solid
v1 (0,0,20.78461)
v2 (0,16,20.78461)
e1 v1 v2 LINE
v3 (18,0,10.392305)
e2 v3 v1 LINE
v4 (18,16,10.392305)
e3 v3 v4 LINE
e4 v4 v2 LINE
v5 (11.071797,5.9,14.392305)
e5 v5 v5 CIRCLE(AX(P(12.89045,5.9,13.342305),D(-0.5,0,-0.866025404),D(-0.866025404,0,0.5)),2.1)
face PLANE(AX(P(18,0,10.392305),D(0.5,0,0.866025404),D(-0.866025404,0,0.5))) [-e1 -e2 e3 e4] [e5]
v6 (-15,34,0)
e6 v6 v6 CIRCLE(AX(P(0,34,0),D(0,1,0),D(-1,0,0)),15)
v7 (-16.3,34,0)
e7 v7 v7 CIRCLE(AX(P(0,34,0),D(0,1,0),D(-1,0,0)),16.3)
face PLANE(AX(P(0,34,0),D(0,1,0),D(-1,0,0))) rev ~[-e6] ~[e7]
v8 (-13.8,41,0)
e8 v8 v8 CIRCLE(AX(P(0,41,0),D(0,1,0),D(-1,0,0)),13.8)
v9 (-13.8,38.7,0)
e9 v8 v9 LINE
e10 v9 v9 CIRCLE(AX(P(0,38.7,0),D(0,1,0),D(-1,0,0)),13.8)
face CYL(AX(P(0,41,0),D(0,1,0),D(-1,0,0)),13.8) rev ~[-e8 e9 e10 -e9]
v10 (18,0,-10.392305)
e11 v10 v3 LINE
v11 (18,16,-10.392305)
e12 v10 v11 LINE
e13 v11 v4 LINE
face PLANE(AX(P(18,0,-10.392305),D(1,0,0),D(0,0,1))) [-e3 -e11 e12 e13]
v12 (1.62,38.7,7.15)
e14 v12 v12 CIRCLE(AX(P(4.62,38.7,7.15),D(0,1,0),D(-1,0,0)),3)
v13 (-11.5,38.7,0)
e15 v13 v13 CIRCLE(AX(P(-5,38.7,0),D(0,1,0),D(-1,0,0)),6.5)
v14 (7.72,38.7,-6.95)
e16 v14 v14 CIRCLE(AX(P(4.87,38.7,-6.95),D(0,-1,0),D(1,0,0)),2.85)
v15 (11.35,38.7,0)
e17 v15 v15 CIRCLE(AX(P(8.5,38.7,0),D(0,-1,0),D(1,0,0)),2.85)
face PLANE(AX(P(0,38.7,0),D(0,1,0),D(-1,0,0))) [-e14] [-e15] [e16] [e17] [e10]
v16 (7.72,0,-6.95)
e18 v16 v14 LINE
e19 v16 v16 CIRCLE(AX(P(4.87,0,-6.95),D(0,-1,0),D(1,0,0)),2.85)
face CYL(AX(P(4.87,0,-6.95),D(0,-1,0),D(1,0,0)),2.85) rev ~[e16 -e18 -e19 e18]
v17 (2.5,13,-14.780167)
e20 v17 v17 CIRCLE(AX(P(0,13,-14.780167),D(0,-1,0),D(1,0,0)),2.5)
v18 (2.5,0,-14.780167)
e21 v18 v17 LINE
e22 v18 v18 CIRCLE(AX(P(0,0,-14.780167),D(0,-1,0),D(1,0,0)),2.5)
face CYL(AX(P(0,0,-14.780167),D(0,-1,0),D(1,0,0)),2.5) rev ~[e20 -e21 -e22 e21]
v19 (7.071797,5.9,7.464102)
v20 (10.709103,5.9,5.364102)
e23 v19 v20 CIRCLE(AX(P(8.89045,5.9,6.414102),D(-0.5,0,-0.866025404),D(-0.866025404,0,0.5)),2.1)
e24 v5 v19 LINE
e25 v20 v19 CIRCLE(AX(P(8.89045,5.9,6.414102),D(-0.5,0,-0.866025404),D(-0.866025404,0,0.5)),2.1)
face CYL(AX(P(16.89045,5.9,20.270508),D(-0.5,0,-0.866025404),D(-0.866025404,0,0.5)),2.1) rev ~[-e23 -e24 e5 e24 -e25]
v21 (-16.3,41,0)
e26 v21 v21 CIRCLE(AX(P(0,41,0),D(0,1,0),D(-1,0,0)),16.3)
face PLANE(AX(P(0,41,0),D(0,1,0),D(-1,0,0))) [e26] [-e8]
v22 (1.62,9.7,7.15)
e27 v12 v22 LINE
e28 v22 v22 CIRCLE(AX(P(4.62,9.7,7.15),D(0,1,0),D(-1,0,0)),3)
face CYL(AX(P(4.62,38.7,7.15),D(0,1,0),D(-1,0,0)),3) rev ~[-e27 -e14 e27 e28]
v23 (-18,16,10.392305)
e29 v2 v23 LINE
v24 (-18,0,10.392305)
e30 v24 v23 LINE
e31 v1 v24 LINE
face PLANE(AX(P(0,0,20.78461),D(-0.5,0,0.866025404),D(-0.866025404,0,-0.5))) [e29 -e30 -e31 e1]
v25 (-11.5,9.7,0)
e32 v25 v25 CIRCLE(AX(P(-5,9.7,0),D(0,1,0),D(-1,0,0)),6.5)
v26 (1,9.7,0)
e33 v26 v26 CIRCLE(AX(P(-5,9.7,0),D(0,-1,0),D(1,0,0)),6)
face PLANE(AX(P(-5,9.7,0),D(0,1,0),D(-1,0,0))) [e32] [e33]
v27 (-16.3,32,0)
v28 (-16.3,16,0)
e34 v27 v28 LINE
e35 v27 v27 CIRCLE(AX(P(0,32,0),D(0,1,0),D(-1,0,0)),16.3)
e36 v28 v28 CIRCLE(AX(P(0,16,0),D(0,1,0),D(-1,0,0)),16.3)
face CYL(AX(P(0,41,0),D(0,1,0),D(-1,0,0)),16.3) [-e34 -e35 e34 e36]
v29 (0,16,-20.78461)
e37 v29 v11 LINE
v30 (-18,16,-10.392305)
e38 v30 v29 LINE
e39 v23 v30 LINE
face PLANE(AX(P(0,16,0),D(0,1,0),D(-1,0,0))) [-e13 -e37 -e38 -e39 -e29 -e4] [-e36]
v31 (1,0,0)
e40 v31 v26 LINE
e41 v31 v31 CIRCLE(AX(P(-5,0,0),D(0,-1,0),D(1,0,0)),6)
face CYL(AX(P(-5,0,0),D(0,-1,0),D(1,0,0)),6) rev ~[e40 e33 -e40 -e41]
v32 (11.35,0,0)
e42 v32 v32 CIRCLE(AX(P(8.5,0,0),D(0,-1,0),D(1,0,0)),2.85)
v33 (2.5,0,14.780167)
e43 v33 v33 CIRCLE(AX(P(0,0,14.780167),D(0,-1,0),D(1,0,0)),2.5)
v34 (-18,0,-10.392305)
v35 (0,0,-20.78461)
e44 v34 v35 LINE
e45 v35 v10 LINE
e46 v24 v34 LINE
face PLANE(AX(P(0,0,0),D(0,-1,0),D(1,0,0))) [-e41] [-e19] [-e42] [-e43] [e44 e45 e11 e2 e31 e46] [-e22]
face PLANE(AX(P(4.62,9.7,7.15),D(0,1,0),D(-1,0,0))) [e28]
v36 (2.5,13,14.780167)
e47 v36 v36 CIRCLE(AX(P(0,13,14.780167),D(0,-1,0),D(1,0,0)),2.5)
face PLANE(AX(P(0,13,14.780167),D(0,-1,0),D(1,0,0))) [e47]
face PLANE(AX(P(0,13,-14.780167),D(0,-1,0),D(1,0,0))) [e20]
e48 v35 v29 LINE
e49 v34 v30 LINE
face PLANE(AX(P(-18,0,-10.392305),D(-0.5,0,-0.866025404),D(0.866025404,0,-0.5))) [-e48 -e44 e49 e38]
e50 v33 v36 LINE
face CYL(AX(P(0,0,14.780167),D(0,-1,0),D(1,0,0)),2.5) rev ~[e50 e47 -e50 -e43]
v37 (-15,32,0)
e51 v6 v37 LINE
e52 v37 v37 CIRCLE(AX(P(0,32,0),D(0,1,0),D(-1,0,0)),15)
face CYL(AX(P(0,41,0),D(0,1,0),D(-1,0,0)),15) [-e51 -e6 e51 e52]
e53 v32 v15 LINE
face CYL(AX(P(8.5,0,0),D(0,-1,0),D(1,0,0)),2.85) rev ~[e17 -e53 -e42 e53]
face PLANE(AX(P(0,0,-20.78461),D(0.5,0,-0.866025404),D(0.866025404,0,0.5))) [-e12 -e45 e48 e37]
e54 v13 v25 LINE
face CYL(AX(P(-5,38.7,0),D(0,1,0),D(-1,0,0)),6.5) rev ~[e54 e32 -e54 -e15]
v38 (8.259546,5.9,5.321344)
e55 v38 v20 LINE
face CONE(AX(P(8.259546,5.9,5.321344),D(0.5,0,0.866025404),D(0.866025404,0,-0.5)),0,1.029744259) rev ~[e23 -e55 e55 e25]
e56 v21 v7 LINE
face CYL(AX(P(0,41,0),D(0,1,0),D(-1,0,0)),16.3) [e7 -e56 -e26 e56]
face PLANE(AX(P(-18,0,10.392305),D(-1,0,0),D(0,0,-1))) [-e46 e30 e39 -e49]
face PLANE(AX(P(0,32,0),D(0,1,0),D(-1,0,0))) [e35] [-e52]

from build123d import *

# Parameters (mm, degrees)
F1_DEPTH  = 41
F2_R      = 24.5503927786
F2_R_2    = 16.3
F3_DEPTH  = 25
F4_R      = 24.0523887052
F4_R_2    = 15
F5_DEPTH  = 9
F6_R      = 16.3
F7_DEPTH  = 7
F8_R      = 2.85
F9_DEPTH  = 41.001
F10_R     = 13.8
F11_DEPTH = 2.3
F12_R     = 6
F13_DEPTH = 41.001
F14_R     = 6.5
F15_DEPTH = 29
F16_R     = 2.5
F17_DEPTH = 13
F18_R     = 2.5
F19_DEPTH = 13
F21_D     = 4.2
F21_DEPTH = 8
F21_TIP   = 1.2618073
F22_R     = 3
F23_DEPTH = 29


with BuildPart() as f1:
    # F0 (on Front) → F1 (new body)
    with BuildSketch(Plane.XZ):
        Polygon((0, -20.7846096908), (18, -10.3923048454), (18, 10.3923048454), (0, 20.7846096908), (-18, 10.3923048454), (-18, -10.3923048454), align=None)
    extrude(amount=-F1_DEPTH)

    # F2 (on face) → F3 (cut)
    with BuildSketch(Plane(origin=(0, 41, 0), x_dir=(-1, 0, 0), z_dir=(0, 1, 0))):
        Circle(F2_R)
        Circle(F2_R_2, mode=Mode.SUBTRACT)
    extrude(amount=-F3_DEPTH, mode=Mode.SUBTRACT)

    # F4 (on face) → F5 (cut)
    with BuildSketch(Plane(origin=(0, 41, 0), x_dir=(-1, 0, 0), z_dir=(0, 1, 0))):
        Circle(F4_R)
        Circle(F4_R_2, mode=Mode.SUBTRACT)
    extrude(amount=-F5_DEPTH, mode=Mode.SUBTRACT)

    # F6 (on face) → F7 (join)
    with BuildSketch(Plane(origin=(0, 41, 0), x_dir=(-1, 0, 0), z_dir=(0, 1, 0))):
        Circle(F6_R)
    extrude(amount=-F7_DEPTH)

    # F8 (on face) → F9 (cut, through all)
    with BuildSketch(Plane.XZ):
        with Locations((4.87, -6.95)):
            Circle(F8_R)
        with Locations((8.5, 0)):
            Circle(F8_R)
    extrude(amount=-F9_DEPTH, mode=Mode.SUBTRACT)

    # F10 (on face) → F11 (cut)
    with BuildSketch(Plane(origin=(0, 41, 0), x_dir=(-1, 0, 0), z_dir=(0, 1, 0))):
        Circle(F10_R)
    extrude(amount=-F11_DEPTH, mode=Mode.SUBTRACT)

    # F12 (on face) → F13 (cut, through all)
    with BuildSketch(Plane.XZ):
        with Locations((-5, 0)):
            Circle(F12_R)
    extrude(amount=-F13_DEPTH, mode=Mode.SUBTRACT)

    # F14 (on face) → F15 (cut)
    with BuildSketch(Plane(origin=(0, 38.7, 0), x_dir=(-1, 0, 0), z_dir=(0, 1, 0))):
        with Locations((5, 0)):
            Circle(F14_R)
    extrude(amount=-F15_DEPTH, mode=Mode.SUBTRACT)

    # F16 (on face) → F17 (cut)
    with BuildSketch(Plane.XZ):
        with Locations((0, 14.7801668913)):
            Circle(F16_R)
    extrude(amount=-F17_DEPTH, mode=Mode.SUBTRACT)

    # F18 (on face) → F19 (cut)
    with BuildSketch(Plane.XZ):
        with Locations((0, -14.7801668913)):
            Circle(F18_R)
    extrude(amount=-F19_DEPTH, mode=Mode.SUBTRACT)

    # F21
    with Locations(Plane(origin=(9, 0, 15.5884572681), x_dir=(0.8660254038, 0, -0.5), z_dir=(0.5, 0, 0.8660254038))):
        with Locations((4.4923048454, 5.9)):
            Hole(F21_D / 2, depth=F21_DEPTH)
            with Locations((0, 0, -(F21_DEPTH + F21_TIP / 2))):  # 118° drill point
                Cone(0, F21_D / 2, F21_TIP, mode=Mode.SUBTRACT)

    # F22 (on face) → F23 (cut)
    with BuildSketch(Plane(origin=(0, 38.7, 0), x_dir=(-1, 0, 0), z_dir=(0, 1, 0))):
        with Locations((-4.62, 7.15)):
            Circle(F22_R)
    extrude(amount=-F23_DEPTH, mode=Mode.SUBTRACT)


solid = f1.part
